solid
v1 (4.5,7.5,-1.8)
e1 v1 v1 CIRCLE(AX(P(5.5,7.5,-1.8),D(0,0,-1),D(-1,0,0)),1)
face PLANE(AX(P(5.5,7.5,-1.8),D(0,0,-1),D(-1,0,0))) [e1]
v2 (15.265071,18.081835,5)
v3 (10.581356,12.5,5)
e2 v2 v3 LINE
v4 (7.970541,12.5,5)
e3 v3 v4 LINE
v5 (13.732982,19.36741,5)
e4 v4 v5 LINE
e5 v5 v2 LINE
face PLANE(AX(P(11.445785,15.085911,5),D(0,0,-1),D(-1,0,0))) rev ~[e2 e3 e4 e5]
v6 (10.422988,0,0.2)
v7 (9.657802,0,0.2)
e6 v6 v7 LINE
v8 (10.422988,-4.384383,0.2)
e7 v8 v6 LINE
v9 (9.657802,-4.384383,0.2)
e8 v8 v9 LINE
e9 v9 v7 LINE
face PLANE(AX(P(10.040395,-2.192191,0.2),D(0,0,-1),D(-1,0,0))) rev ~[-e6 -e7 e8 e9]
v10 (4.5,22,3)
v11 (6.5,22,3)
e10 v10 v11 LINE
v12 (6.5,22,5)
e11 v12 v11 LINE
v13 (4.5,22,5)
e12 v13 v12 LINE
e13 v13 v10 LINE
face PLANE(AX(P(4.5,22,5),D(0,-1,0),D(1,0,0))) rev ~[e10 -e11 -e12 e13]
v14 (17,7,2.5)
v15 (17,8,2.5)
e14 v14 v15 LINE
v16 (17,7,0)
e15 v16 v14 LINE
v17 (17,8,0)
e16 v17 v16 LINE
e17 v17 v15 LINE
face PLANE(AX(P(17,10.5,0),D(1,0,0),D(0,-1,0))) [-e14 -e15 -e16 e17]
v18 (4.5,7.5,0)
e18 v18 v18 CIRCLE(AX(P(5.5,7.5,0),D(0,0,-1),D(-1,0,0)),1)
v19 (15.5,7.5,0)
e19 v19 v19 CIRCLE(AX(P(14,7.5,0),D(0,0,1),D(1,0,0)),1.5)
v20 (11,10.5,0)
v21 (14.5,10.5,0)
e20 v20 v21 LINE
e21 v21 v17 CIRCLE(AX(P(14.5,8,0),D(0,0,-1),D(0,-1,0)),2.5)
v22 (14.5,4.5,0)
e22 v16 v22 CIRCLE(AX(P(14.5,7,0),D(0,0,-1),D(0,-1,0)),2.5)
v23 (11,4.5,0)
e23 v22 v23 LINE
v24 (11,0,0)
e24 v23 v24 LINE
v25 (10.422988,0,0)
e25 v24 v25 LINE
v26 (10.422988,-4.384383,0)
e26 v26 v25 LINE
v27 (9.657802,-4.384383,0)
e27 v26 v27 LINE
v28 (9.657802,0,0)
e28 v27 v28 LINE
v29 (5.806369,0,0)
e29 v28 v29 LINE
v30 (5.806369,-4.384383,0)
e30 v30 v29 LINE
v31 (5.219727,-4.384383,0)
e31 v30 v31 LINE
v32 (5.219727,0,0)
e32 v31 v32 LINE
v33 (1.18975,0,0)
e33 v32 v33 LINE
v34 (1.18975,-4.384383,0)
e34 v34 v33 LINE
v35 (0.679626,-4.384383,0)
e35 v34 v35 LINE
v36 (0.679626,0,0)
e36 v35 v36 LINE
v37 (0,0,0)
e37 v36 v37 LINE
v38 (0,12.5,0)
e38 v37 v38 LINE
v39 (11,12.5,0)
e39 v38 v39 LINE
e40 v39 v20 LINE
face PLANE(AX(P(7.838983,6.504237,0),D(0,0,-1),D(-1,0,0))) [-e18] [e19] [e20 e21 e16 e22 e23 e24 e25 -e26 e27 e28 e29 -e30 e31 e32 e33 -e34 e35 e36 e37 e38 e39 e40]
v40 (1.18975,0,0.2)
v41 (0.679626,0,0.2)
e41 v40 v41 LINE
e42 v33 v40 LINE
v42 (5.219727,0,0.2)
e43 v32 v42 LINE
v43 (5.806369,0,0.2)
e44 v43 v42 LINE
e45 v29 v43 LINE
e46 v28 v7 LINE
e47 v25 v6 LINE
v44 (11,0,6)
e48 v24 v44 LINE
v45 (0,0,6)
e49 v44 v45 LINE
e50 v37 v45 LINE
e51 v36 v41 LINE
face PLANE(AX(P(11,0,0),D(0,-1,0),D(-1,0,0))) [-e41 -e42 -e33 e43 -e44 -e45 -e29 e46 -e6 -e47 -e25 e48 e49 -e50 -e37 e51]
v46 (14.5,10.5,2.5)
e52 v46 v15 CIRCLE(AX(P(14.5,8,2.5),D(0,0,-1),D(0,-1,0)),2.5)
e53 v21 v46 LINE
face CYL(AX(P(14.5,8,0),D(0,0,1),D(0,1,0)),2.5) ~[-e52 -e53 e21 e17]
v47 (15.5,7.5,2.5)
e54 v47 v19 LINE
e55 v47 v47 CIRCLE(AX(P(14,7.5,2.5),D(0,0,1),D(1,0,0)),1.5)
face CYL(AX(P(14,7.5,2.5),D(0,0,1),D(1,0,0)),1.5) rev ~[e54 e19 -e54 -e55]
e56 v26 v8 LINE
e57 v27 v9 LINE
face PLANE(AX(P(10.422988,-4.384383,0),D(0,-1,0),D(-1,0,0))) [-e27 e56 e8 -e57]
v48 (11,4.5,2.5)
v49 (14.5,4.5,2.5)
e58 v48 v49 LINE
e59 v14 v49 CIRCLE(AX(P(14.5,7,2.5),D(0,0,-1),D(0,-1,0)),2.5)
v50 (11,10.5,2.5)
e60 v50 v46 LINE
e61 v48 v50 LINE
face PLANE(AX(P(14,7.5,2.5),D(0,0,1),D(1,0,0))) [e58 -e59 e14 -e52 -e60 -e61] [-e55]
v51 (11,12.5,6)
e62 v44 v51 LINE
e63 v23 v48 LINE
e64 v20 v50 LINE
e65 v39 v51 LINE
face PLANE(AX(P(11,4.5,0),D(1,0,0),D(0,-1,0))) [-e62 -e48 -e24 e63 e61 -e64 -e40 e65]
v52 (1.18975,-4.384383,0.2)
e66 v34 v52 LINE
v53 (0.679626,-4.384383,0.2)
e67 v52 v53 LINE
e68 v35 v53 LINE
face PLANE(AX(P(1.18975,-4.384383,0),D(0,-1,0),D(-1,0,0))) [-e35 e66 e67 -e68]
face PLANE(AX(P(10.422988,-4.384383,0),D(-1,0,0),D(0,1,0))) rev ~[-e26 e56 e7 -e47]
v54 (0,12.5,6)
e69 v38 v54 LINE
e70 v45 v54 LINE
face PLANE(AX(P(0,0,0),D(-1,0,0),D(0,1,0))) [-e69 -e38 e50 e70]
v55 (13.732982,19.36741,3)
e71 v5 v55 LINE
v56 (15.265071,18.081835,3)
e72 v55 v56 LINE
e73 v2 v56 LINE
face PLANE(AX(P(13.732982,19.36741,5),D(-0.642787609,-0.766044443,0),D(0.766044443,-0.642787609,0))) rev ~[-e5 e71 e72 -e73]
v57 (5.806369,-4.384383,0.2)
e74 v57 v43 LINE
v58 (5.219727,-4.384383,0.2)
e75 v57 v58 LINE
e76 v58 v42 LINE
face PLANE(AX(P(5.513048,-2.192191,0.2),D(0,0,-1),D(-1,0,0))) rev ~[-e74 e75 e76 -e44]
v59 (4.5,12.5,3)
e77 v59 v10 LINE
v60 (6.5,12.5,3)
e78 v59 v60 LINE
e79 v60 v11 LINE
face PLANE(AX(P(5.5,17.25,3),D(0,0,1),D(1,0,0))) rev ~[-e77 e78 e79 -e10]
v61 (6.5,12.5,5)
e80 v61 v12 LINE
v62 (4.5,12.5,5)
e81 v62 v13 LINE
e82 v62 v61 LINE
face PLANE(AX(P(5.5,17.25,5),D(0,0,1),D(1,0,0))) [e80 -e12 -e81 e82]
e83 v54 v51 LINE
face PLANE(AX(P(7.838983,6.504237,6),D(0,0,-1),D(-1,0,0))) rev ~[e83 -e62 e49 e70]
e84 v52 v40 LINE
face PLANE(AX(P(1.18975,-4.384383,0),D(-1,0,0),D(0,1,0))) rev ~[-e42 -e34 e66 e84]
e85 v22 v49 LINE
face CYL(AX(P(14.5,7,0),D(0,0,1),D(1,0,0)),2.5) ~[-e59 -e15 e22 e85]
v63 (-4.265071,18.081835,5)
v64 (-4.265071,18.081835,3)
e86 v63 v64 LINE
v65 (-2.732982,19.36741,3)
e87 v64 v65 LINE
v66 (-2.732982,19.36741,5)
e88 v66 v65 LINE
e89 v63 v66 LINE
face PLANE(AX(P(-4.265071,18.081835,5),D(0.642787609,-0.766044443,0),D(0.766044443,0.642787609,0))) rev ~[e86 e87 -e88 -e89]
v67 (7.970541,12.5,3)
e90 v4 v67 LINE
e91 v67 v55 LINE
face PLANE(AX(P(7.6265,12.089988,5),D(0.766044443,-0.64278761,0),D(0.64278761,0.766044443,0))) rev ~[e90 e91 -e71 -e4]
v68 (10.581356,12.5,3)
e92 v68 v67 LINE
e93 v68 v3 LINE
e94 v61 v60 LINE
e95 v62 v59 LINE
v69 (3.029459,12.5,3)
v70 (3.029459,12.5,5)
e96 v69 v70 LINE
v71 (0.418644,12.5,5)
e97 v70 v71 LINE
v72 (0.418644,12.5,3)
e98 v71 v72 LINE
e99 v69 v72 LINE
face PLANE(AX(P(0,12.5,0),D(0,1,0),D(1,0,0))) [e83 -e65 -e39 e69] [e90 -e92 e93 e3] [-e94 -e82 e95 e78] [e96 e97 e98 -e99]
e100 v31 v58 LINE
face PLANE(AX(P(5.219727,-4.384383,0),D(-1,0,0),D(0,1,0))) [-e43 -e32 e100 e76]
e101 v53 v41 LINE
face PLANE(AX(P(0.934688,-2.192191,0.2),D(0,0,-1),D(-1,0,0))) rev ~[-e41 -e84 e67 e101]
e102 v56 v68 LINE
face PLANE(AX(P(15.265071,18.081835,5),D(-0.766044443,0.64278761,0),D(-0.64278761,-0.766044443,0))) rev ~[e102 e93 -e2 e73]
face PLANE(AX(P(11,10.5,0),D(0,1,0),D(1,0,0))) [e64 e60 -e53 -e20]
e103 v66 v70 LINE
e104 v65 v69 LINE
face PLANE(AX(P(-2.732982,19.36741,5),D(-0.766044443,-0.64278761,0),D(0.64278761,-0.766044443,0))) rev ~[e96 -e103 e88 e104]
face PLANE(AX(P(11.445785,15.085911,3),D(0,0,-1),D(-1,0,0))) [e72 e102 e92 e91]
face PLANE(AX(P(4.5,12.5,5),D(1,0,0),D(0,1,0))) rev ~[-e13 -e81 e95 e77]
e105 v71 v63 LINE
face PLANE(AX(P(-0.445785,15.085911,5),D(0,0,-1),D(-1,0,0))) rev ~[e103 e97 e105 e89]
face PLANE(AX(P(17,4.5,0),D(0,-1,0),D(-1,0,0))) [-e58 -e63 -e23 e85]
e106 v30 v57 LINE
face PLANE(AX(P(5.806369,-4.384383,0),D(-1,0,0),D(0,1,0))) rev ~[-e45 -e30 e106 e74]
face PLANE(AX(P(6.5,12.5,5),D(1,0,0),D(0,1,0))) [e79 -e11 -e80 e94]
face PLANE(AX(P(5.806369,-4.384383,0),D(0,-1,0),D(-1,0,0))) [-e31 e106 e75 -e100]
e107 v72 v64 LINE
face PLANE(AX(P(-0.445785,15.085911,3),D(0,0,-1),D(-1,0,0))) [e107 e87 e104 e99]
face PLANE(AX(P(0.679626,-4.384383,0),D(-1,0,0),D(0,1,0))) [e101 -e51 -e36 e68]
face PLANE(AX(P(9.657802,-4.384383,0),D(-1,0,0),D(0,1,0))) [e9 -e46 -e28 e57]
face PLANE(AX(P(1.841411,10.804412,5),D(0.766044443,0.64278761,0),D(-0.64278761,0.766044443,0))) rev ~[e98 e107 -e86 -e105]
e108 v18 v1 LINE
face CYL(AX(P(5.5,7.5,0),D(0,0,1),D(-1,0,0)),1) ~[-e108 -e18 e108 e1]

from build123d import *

# Parameters (mm, degrees)
P_IDAT_VYSUNUT_M1_DEPTH  = 6
SKICA2_W                 = 6
SKICA2_H                 = 6
ODEBRAT_VYSUNUT_M1_DEPTH = 3.5
SKICA3_R                 = 1.5
ODEBRAT_VYSUNUT_M2_DEPTH = 3.5
SKICA4_W                 = 0.765185498
SKICA4_H                 = 4.384382678
SKICA4_W_2               = 0.586642215
SKICA4_W_3               = 0.510123665
P_IDAT_VYSUNUT_M2_DEPTH  = 0.2
SKICA5_W                 = 2
SKICA5_H                 = 9.5
P_IDAT_VYSUNUT_M3_DEPTH  = 2
SKICA6_R                 = 1
P_IDAT_VYSUNUT_M4_DEPTH  = 1.8
ZAOBLIT1_R               = 2.5


with BuildPart() as part:
    # Skica1 → Přidat vysunutím1 (new body)
    with BuildSketch(Plane.XY):
        Polygon((0, 0), (0, 12.5), (11, 12.5), (11, 10.5), (17, 10.5), (17, 4.5), (11, 4.5), (11, 0), align=None)
    extrude(amount=P_IDAT_VYSUNUT_M1_DEPTH)

    # Skica2 → Odebrat vysunutím1 (cut)
    with BuildSketch(Plane.XY.offset(6)):
        with Locations((14, 7.5)):
            Rectangle(SKICA2_W, SKICA2_H)
    extrude(amount=-ODEBRAT_VYSUNUT_M1_DEPTH, mode=Mode.SUBTRACT)

    # Skica3 → Odebrat vysunutím2 (cut)
    with BuildSketch(Plane.XY.offset(2.5)):
        with Locations((14, 7.5)):
            Circle(SKICA3_R)
    extrude(amount=-ODEBRAT_VYSUNUT_M2_DEPTH, mode=Mode.SUBTRACT)

    # Skica4 → Přidat vysunutím2 (add)
    with BuildSketch(Plane(origin=(0, 0, 0), x_dir=(-1, 0, 0), z_dir=(0, 0, -1))):
        with Locations((-10.040395208, -2.192191339)):
            Rectangle(SKICA4_W, SKICA4_H)
        with Locations((-5.513047674, -2.192191339)):
            Rectangle(SKICA4_W_2, SKICA4_H)
        with Locations((-0.934687773, -2.192191339)):
            Rectangle(SKICA4_W_3, SKICA4_H)
    extrude(amount=-P_IDAT_VYSUNUT_M2_DEPTH)

    # Skica5 → Přidat vysunutím3 (add)
    with BuildSketch(Plane.XY.offset(5)):
        with Locations((5.5, 17.25)):
            Rectangle(SKICA5_W, SKICA5_H)
        Polygon((7.6264998, 12.089987604), (13.732982092, 19.367409813), (15.265070979, 18.081834594), (9.158588687, 10.804412384), align=None)
        Polygon((1.841411313, 10.804412384), (-4.265070979, 18.081834594), (-2.732982092, 19.367409813), (3.3735002, 12.089987604), align=None)
    extrude(amount=-P_IDAT_VYSUNUT_M3_DEPTH)

    # Skica6 → Přidat vysunutím4 (add)
    with BuildSketch(Plane(origin=(0, 0, 0), x_dir=(-1, 0, 0), z_dir=(0, 0, -1))):
        with Locations((-5.5, 7.5)):
            Circle(SKICA6_R)
    extrude(amount=P_IDAT_VYSUNUT_M4_DEPTH)

    # Zaoblit1
    zaoblit1_edges = [part.edges().sort_by_distance(p)[0] for p in [
        (17, 10.5, 1.25),
        (17, 4.5, 1.25),
    ]]
    fillet(zaoblit1_edges, radius=ZAOBLIT1_R)


solid = part.part
